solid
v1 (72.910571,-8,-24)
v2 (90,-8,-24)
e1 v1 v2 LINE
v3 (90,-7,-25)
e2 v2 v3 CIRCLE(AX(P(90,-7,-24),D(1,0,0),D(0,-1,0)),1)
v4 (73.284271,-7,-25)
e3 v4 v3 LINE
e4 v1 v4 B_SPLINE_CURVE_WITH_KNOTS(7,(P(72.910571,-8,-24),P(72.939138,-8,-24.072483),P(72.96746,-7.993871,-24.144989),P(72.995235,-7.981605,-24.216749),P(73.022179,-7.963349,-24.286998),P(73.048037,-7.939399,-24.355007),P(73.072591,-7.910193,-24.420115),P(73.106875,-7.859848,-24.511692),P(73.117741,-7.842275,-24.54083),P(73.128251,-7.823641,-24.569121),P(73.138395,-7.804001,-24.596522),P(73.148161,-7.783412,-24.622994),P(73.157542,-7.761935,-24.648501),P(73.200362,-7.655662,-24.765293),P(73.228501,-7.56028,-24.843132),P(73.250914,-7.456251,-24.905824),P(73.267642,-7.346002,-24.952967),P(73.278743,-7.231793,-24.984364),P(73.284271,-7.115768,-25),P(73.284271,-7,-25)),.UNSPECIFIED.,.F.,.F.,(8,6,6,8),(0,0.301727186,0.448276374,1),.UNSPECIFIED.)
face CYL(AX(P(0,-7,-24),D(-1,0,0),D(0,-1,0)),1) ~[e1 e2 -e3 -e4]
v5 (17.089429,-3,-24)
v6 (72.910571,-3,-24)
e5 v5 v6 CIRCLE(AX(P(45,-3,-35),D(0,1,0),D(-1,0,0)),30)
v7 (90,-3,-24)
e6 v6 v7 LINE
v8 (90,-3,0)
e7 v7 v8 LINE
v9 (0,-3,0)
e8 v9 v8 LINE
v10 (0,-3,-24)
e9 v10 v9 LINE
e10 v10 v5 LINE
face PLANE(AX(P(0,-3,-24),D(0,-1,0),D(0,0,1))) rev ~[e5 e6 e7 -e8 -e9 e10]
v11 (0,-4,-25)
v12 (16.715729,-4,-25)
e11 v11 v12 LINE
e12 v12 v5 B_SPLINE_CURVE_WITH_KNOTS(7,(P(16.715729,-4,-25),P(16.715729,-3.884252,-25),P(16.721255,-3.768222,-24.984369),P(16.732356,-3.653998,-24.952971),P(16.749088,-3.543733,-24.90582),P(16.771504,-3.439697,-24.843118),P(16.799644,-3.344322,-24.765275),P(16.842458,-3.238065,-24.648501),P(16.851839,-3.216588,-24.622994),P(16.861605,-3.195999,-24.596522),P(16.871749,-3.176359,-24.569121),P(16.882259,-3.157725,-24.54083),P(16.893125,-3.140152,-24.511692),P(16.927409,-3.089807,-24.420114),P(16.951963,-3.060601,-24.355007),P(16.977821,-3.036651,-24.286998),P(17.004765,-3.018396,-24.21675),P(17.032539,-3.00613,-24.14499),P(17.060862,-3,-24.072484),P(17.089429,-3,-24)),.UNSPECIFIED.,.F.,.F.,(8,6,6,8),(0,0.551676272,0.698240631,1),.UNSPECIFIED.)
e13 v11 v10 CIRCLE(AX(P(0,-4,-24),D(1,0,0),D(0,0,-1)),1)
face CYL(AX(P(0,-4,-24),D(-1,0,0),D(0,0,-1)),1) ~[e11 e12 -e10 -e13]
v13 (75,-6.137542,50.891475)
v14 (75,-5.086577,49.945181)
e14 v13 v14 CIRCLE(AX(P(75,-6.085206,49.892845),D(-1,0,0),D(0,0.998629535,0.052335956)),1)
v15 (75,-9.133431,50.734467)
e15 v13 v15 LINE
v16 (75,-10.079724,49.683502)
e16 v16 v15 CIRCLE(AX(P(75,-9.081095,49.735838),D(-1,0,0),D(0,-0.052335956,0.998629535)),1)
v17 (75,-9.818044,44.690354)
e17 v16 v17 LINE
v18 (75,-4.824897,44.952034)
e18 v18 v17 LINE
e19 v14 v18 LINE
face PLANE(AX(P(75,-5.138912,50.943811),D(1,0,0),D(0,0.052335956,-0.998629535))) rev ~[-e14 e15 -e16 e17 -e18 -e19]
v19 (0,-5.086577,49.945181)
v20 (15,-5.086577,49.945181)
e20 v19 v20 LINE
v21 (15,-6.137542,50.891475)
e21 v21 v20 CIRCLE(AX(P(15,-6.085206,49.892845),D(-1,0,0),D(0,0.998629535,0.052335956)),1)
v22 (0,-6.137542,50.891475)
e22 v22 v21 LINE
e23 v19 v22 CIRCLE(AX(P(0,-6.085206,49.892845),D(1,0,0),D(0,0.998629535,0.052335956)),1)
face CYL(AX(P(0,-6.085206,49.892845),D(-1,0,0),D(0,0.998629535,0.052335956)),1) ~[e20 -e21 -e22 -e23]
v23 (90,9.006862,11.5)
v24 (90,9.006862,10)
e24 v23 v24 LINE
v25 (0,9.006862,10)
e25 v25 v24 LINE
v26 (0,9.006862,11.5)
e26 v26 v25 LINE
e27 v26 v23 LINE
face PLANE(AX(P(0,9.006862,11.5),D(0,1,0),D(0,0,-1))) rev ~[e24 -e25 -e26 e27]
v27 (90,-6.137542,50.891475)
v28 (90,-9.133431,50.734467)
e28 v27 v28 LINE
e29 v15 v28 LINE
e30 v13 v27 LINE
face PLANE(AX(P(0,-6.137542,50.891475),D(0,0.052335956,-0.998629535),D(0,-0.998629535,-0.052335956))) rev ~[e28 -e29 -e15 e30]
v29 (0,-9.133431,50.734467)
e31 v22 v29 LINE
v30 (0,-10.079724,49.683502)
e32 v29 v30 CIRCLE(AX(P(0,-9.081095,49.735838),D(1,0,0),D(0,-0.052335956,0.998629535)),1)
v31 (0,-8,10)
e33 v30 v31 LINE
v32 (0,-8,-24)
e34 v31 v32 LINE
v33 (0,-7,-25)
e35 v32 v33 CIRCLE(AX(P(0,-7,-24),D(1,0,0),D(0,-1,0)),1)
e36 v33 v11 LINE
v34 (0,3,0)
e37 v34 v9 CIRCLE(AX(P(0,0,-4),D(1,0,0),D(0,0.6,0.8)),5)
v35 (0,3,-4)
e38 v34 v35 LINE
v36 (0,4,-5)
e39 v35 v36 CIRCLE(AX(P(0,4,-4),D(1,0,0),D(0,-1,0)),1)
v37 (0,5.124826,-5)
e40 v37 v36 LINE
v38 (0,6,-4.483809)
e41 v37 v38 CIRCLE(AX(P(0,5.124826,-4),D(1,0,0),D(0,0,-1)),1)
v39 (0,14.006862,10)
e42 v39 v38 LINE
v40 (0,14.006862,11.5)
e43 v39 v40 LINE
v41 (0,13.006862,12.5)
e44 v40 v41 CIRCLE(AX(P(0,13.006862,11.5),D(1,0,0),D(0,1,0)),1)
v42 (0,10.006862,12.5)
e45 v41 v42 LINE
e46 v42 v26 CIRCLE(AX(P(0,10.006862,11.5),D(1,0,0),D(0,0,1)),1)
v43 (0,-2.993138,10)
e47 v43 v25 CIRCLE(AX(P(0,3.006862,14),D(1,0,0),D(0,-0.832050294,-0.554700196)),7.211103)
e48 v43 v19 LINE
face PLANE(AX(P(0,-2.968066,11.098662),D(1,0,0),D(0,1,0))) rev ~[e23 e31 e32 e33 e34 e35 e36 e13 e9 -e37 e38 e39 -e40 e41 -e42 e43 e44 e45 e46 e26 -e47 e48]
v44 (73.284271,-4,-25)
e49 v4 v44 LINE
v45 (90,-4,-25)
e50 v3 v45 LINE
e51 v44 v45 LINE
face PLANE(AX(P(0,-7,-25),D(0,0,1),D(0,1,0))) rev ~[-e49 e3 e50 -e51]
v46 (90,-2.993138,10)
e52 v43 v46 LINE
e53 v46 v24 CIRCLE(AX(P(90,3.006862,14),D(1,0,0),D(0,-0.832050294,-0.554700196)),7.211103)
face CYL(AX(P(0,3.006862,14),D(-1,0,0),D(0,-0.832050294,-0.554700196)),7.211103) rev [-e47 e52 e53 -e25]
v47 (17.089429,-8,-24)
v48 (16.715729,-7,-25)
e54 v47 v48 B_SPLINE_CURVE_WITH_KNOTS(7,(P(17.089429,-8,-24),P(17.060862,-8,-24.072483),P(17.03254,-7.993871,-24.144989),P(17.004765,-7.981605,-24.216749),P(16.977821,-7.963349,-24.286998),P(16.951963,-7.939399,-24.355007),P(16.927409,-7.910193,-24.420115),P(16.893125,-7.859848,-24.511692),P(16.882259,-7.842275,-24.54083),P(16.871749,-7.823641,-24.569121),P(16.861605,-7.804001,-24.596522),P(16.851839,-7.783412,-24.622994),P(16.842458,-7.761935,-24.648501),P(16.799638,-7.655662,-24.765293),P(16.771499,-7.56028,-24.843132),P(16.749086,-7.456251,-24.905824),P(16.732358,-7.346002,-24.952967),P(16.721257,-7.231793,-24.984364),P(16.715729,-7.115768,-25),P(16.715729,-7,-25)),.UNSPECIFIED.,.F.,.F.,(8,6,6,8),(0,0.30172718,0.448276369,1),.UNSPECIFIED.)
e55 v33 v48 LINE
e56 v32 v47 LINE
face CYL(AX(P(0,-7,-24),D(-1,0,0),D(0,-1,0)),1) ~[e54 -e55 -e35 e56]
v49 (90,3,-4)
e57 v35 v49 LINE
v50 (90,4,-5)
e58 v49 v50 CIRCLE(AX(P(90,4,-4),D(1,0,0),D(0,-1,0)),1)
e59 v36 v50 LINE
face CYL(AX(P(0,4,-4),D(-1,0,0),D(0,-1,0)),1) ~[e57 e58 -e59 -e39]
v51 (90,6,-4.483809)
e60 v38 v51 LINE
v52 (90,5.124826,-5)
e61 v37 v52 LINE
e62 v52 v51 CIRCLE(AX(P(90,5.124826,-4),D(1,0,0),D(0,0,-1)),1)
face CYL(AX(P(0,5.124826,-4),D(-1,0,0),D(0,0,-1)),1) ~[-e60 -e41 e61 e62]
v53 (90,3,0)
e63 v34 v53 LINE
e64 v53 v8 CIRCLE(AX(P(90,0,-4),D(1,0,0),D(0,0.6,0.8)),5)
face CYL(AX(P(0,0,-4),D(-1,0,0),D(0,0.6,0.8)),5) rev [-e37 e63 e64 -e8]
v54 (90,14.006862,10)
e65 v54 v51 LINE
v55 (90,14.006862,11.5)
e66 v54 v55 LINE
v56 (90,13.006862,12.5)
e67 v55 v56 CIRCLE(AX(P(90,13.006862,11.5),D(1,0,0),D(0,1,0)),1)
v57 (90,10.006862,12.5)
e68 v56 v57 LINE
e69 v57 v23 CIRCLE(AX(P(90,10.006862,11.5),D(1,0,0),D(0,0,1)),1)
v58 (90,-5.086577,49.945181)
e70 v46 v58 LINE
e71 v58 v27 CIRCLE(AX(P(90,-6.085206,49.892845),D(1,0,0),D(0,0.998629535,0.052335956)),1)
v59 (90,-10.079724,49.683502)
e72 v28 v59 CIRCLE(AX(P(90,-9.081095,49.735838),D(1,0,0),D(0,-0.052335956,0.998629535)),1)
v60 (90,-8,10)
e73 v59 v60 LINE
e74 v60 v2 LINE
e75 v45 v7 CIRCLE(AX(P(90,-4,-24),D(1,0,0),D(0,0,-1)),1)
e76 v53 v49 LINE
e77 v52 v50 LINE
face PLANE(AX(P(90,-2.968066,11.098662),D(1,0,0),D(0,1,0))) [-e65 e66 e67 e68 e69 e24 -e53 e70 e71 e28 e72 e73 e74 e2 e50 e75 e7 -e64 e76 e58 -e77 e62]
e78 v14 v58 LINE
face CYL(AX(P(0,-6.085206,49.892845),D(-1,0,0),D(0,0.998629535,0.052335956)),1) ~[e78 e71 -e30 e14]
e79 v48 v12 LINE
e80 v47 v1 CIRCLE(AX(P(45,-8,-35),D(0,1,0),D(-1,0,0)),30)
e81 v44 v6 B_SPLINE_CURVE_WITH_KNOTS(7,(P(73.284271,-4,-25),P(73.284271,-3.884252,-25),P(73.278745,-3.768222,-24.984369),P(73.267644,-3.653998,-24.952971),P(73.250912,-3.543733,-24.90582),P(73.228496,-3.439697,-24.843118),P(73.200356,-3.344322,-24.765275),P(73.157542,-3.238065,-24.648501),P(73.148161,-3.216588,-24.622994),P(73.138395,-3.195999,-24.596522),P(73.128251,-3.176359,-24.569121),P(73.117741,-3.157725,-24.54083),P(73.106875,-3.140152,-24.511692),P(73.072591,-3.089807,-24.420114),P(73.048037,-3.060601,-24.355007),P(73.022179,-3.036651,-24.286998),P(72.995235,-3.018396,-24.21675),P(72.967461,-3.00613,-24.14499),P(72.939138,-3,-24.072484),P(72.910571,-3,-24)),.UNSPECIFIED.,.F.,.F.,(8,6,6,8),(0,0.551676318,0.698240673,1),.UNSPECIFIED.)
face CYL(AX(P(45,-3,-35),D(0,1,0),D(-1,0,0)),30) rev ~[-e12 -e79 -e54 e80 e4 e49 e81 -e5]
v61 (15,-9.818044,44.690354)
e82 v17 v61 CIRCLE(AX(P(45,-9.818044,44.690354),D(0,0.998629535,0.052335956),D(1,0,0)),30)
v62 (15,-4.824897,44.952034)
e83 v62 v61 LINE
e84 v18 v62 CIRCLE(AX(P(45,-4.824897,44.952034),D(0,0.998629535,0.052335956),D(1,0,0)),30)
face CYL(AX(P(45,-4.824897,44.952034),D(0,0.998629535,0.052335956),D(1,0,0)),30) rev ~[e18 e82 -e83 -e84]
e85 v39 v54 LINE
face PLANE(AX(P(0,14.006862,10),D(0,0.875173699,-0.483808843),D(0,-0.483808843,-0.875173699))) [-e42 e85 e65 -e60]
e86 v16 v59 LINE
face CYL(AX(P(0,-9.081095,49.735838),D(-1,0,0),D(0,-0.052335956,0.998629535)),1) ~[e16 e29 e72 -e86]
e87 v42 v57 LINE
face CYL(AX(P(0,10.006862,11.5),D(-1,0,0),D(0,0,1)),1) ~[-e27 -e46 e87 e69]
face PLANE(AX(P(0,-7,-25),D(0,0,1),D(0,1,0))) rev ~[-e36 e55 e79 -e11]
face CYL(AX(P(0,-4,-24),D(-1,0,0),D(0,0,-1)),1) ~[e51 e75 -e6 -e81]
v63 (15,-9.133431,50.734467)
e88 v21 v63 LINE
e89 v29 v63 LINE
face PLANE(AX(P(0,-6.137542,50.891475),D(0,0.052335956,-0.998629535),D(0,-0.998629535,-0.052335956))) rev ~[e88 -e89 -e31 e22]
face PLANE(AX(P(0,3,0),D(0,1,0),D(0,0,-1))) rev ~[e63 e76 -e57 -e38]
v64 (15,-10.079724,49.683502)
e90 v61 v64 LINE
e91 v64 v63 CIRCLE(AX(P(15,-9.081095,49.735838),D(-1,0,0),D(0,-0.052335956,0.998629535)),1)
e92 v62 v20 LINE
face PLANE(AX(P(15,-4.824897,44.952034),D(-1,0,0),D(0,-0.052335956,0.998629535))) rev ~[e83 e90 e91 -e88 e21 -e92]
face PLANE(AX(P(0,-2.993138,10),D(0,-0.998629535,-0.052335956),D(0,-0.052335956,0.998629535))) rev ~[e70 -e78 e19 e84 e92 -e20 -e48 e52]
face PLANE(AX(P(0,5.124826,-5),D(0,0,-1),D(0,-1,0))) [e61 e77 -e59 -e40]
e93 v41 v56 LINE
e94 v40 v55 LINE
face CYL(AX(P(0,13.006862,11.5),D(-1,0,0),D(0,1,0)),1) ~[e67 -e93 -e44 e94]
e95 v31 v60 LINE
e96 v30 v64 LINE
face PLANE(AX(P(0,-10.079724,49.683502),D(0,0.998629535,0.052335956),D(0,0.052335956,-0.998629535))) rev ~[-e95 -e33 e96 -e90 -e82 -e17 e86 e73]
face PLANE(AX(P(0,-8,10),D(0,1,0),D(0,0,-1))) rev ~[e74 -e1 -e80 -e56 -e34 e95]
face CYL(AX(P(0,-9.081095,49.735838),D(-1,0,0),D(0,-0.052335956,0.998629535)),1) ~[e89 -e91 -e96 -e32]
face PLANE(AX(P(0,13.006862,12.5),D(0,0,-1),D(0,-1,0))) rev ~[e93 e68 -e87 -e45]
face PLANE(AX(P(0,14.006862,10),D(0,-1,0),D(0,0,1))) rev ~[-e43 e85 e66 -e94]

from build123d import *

# Parameters (mm, degrees)
PAD_DEPTH       = 90
POCKET_DEPTH    = 8.9110010593
POCKET001_DEPTH = 7.0820946587


with BuildPart() as part:
    # Sketch → Pad (new body)
    with BuildSketch(Plane.YZ):
        with BuildLine():
            Line((-7, -25), (-4, -25))
            ThreePointArc((-4, -25), (-3.2928932188, -24.7071067812), (-3, -24))
            Line((-3, -24), (-3, 0))
            ThreePointArc((3, 0), (0, 1), (-3, 0))
            Line((3, 0), (3, -4))
            ThreePointArc((3, -4), (3.2928932188, -4.7071067812), (4, -5))
            Line((5.124826301, -5), (4, -5))
            ThreePointArc((5.124826301, -5), (5.6328573812, -4.8613387379), (6, -4.483808843))
            Line((14.00686173, 10), (6, -4.483808843))
            Line((14.00686173, 10), (14.00686173, 11.5))
            ThreePointArc((14.00686173, 11.5), (13.7139685112, 12.2071067812), (13.00686173, 12.5))
            Line((13.00686173, 12.5), (10.00686173, 12.5))
            ThreePointArc((10.00686173, 12.5), (9.2997549488, 12.2071067812), (9.00686173, 11.5))
            Line((9.00686173, 11.5), (9.00686173, 10))
            ThreePointArc((-2.99313827, 10), (3.00686173, 6.7888974491), (9.00686173, 10))
            Line((-2.99313827, 10), (-5.0865765197, 49.9451813902))
            ThreePointArc((-5.0865765197, 49.9451813902), (-5.4160754481, 50.6359902594), (-6.1375420107, 50.8914749687))
            Line((-6.1375420107, 50.8914749687), (-9.133430615, 50.7344671))
            ThreePointArc((-9.133430615, 50.7344671), (-9.8242394842, 50.4049681716), (-10.0797241935, 49.683501609))
            Line((-10.0797241935, 49.683501609), (-8, 10))
            Line((-8, 10), (-8, -24))
            ThreePointArc((-8, -24), (-7.7071067812, -24.7071067812), (-7, -25))
        make_face()
    extrude(amount=PAD_DEPTH)

    # Sketch002 (on Face1 of Pad) → Pocket (cut, through all)
    with BuildSketch(Plane(origin=(0, -2.4622975914, -0.1290435487), x_dir=(0, -0.0523359562, 0.9986295348), z_dir=(0, 0.9986295348, 0.0523359562))):
        with BuildLine():
            Line((51.1429441011, 75), (45.1429441011, 75))
            ThreePointArc((45.1429441011, 75), (15.1429441011, 45), (45.1429441011, 15))
            Line((45.1429441011, 15), (51.1429441011, 15))
            Line((51.1429441011, 15), (51.1429441011, 75))
        make_face()
    extrude(amount=-POCKET_DEPTH, mode=Mode.SUBTRACT)

    # Sketch003 (on Face17 of Pocket) → Pocket001 (cut, through all)
    with BuildSketch(Plane.ZX.offset(-3)):
        with BuildLine():
            Line((-75, 75), (-35, 75))
            ThreePointArc((-35, 15), (-5, 45), (-35, 75))
            Line((-35, 15), (-75, 15))
            Line((-75, 15), (-75, 75))
        make_face()
    extrude(amount=-POCKET001_DEPTH, mode=Mode.SUBTRACT)


solid = part.part
